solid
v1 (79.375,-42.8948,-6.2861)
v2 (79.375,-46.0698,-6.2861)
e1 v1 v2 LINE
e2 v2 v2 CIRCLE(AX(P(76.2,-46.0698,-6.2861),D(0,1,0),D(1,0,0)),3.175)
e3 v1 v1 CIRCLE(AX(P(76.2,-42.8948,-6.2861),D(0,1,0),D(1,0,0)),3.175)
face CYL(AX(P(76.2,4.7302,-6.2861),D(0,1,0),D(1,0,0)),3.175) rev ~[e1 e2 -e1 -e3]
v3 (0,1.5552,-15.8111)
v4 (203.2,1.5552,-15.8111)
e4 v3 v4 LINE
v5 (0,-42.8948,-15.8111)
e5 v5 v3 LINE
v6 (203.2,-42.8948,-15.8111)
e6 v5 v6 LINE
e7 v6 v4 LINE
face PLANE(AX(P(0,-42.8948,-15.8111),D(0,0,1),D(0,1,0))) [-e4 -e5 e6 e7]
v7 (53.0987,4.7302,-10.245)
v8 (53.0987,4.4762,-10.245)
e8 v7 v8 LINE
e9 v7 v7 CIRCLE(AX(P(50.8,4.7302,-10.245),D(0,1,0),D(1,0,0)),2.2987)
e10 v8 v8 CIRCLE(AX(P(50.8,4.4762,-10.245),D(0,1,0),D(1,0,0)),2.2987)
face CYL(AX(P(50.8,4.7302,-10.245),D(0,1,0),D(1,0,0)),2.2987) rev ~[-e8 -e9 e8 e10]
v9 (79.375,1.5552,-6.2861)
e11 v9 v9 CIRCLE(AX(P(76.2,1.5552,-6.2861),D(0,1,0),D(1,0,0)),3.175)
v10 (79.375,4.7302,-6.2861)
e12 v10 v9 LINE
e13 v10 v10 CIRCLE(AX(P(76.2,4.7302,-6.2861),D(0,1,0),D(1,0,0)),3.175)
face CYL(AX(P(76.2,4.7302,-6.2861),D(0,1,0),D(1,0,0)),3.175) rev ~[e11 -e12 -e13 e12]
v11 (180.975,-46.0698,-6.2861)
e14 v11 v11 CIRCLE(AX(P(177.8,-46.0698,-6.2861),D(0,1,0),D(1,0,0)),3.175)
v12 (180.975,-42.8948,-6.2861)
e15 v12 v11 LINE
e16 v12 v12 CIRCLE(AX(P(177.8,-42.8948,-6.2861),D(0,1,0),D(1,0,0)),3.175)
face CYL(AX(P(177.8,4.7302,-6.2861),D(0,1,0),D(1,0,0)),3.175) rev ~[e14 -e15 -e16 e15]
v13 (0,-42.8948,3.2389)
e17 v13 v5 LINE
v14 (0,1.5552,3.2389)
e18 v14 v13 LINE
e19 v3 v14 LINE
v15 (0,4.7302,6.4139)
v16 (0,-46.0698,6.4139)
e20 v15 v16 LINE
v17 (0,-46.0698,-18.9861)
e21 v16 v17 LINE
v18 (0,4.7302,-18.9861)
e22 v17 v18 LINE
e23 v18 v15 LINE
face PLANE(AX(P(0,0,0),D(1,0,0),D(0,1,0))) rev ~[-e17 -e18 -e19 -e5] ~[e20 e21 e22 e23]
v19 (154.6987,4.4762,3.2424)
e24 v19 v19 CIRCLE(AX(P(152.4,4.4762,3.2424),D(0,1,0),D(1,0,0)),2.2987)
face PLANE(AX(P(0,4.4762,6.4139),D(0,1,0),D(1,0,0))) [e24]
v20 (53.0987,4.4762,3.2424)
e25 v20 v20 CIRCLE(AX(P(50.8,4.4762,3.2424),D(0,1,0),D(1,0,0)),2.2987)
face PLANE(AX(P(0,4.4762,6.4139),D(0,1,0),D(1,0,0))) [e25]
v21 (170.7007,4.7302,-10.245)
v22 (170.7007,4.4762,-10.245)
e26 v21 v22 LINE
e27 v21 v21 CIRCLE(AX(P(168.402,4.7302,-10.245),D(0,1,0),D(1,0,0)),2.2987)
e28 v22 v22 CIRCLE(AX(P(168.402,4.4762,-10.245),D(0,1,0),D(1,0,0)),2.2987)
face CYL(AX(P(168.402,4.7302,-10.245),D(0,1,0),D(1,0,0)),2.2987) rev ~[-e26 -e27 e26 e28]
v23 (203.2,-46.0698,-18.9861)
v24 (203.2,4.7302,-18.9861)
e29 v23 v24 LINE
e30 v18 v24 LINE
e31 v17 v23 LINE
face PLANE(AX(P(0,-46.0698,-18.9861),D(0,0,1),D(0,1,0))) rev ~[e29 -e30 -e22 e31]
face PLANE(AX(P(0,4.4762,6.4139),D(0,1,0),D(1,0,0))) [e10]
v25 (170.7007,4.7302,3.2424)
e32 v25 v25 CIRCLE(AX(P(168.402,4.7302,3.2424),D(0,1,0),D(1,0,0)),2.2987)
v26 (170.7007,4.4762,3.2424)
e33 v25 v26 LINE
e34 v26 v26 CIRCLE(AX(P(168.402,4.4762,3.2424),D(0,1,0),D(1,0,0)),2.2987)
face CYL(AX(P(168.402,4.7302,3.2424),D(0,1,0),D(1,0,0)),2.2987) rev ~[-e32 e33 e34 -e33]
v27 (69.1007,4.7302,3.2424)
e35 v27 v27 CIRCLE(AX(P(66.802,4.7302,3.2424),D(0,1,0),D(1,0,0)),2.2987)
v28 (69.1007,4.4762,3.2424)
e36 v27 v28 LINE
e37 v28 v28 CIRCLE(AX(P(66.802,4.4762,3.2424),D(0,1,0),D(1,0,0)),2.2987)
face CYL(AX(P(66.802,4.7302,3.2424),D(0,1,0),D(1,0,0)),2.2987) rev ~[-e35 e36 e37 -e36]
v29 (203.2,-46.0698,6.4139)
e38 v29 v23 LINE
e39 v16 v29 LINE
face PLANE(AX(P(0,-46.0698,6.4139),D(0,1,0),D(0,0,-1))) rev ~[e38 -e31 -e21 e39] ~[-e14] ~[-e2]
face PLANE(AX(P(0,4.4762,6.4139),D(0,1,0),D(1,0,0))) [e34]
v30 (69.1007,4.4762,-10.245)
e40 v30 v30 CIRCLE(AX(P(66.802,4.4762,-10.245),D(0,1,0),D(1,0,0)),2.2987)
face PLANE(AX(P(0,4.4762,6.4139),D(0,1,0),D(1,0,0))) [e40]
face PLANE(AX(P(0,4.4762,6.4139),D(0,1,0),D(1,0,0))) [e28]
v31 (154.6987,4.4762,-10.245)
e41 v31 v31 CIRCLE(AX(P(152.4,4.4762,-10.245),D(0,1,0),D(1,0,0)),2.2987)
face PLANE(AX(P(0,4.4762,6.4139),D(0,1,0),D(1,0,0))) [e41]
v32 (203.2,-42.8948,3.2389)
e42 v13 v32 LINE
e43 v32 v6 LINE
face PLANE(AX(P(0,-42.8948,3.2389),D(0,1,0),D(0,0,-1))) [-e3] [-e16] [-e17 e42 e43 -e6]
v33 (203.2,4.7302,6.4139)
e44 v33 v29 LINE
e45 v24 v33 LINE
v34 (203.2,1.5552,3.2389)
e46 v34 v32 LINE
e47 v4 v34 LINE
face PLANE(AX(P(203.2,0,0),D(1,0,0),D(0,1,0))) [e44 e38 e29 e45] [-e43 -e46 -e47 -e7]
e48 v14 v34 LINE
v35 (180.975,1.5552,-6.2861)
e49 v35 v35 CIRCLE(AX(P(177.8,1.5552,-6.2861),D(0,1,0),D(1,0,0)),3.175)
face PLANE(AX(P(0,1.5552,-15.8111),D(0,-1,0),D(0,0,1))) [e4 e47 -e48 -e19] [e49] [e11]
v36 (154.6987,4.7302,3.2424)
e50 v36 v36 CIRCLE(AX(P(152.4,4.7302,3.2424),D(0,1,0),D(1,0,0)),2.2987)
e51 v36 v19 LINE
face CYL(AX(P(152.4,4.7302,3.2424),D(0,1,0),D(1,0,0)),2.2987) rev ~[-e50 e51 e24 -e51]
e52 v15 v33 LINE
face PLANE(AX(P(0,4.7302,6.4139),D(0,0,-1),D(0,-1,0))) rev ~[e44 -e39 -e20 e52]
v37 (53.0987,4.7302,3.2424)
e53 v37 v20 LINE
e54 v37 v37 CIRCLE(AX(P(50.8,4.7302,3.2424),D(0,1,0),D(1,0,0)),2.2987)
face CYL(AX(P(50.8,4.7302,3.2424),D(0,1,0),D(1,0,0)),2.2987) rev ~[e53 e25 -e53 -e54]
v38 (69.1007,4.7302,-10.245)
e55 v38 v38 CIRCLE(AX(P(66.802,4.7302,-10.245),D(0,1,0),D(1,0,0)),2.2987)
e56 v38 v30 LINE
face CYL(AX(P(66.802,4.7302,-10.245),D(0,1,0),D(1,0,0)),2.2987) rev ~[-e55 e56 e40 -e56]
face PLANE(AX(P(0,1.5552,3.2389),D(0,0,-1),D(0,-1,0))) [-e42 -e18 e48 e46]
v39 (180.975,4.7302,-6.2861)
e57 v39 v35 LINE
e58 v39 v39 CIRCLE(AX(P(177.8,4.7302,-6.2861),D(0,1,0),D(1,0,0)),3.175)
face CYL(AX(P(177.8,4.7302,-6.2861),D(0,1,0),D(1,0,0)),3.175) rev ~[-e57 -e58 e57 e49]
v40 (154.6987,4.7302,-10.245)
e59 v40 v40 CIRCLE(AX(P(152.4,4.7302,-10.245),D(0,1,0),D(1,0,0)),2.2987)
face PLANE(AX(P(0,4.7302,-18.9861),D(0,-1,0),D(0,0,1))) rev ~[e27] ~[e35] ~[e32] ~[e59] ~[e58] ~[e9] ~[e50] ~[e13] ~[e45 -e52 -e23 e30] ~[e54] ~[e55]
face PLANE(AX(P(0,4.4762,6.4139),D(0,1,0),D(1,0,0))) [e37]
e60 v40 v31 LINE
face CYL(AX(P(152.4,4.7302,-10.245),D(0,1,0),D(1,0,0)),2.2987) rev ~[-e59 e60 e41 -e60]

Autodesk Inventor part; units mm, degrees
ref_plane "YZ Plane" through (0, 0, 0) normal (1, 0, 0) x (0, 1, 0)
ref_plane "XZ Plane" through (0, 0, 0) normal (0, 1, 0) x (-1, 0, 0)
ref_plane "XY Plane" through (0, 0, 0) normal (0, 0, 1) x (1, 0, 0)
sketch "Sketch1" plane through (0, 0, 0) normal (1, 0, 0) x (0, 1, 0)
  line L0 (4.7302, 6.4139) -> (-46.0698, 6.4139)
  line L1 (-46.0698, 6.4139) -> (-46.0698, -18.9861)
  line L2 (-46.0698, -18.9861) -> (4.7302, -18.9861)
  line L3 (4.7302, -18.9861) -> (4.7302, 6.4139)
  line L4 (1.5552, 3.2389) -> (-42.8948, 3.2389)
  line L5 (-42.8948, 3.2389) -> (-42.8948, -15.8111)
  line L6 (-42.8948, -15.8111) -> (1.5552, -15.8111)
  line L7 (1.5552, -15.8111) -> (1.5552, 3.2389)
  point P0 (0, 0)
  dimension "d0" = 50.8
  dimension "d1" = 25.4
  dimension "d2" = 3.175
extrude "Extrusion1" add sketch "Sketch1" along normal blind 203.2
sketch "Sketch2" plane through (0, 4.7302, 6.4139) normal (0, 1, 0) x (1, 0, 0)
  line L0 (0, 3.175) -> (0, 22.225) projected
  line L1 (0, 12.7) -> (127, 12.7) construction
  line L2 (127, 12.7) -> (177.8, 12.7) construction
  circle A0 centre (177.8, 12.7) radius 3.175
  line L3 (25.4, 12.7) -> (76.2, 12.7) construction
  circle A1 centre (76.2, 12.7) radius 3.175
  point P0 (0, 6.4139)
  dimension "d30" = 50.8
  dimension "d31" = 6.35
  dimension "d32" = 50.8
  dimension "d33" = 6.35
extrude "Extrusion2" cut sketch "Sketch2" against normal blind 203.2
sketch "Sketch3" plane through (0, 4.7302, 6.4139) normal (0, 1, 0) x (1, 0, 0)
  line L0 (0, 25.4) -> (203.2, 25.4) projected
  line L1 (0, 22.225) -> (0, 3.175) projected
  circle A0 centre (66.802, 16.6589) radius 2.2987
  circle A1 centre (66.802, 3.1715) radius 2.2987
  circle A2 centre (50.8, 3.1715) radius 2.2987
  circle A3 centre (152.4, 16.6589) radius 2.2987
  circle A4 centre (152.4, 3.1715) radius 2.2987
  circle A5 centre (168.402, 3.1715) radius 2.2987
  circle A6 centre (168.402, 16.6589) radius 2.2987
  circle A7 centre (50.8, 16.6589) radius 2.2987
  point P0 (0, 6.4139)
extrude "Extrusion3" cut sketch "Sketch3" against normal blind 0.254
properties part number "Clamp Mount Aligner v2"
